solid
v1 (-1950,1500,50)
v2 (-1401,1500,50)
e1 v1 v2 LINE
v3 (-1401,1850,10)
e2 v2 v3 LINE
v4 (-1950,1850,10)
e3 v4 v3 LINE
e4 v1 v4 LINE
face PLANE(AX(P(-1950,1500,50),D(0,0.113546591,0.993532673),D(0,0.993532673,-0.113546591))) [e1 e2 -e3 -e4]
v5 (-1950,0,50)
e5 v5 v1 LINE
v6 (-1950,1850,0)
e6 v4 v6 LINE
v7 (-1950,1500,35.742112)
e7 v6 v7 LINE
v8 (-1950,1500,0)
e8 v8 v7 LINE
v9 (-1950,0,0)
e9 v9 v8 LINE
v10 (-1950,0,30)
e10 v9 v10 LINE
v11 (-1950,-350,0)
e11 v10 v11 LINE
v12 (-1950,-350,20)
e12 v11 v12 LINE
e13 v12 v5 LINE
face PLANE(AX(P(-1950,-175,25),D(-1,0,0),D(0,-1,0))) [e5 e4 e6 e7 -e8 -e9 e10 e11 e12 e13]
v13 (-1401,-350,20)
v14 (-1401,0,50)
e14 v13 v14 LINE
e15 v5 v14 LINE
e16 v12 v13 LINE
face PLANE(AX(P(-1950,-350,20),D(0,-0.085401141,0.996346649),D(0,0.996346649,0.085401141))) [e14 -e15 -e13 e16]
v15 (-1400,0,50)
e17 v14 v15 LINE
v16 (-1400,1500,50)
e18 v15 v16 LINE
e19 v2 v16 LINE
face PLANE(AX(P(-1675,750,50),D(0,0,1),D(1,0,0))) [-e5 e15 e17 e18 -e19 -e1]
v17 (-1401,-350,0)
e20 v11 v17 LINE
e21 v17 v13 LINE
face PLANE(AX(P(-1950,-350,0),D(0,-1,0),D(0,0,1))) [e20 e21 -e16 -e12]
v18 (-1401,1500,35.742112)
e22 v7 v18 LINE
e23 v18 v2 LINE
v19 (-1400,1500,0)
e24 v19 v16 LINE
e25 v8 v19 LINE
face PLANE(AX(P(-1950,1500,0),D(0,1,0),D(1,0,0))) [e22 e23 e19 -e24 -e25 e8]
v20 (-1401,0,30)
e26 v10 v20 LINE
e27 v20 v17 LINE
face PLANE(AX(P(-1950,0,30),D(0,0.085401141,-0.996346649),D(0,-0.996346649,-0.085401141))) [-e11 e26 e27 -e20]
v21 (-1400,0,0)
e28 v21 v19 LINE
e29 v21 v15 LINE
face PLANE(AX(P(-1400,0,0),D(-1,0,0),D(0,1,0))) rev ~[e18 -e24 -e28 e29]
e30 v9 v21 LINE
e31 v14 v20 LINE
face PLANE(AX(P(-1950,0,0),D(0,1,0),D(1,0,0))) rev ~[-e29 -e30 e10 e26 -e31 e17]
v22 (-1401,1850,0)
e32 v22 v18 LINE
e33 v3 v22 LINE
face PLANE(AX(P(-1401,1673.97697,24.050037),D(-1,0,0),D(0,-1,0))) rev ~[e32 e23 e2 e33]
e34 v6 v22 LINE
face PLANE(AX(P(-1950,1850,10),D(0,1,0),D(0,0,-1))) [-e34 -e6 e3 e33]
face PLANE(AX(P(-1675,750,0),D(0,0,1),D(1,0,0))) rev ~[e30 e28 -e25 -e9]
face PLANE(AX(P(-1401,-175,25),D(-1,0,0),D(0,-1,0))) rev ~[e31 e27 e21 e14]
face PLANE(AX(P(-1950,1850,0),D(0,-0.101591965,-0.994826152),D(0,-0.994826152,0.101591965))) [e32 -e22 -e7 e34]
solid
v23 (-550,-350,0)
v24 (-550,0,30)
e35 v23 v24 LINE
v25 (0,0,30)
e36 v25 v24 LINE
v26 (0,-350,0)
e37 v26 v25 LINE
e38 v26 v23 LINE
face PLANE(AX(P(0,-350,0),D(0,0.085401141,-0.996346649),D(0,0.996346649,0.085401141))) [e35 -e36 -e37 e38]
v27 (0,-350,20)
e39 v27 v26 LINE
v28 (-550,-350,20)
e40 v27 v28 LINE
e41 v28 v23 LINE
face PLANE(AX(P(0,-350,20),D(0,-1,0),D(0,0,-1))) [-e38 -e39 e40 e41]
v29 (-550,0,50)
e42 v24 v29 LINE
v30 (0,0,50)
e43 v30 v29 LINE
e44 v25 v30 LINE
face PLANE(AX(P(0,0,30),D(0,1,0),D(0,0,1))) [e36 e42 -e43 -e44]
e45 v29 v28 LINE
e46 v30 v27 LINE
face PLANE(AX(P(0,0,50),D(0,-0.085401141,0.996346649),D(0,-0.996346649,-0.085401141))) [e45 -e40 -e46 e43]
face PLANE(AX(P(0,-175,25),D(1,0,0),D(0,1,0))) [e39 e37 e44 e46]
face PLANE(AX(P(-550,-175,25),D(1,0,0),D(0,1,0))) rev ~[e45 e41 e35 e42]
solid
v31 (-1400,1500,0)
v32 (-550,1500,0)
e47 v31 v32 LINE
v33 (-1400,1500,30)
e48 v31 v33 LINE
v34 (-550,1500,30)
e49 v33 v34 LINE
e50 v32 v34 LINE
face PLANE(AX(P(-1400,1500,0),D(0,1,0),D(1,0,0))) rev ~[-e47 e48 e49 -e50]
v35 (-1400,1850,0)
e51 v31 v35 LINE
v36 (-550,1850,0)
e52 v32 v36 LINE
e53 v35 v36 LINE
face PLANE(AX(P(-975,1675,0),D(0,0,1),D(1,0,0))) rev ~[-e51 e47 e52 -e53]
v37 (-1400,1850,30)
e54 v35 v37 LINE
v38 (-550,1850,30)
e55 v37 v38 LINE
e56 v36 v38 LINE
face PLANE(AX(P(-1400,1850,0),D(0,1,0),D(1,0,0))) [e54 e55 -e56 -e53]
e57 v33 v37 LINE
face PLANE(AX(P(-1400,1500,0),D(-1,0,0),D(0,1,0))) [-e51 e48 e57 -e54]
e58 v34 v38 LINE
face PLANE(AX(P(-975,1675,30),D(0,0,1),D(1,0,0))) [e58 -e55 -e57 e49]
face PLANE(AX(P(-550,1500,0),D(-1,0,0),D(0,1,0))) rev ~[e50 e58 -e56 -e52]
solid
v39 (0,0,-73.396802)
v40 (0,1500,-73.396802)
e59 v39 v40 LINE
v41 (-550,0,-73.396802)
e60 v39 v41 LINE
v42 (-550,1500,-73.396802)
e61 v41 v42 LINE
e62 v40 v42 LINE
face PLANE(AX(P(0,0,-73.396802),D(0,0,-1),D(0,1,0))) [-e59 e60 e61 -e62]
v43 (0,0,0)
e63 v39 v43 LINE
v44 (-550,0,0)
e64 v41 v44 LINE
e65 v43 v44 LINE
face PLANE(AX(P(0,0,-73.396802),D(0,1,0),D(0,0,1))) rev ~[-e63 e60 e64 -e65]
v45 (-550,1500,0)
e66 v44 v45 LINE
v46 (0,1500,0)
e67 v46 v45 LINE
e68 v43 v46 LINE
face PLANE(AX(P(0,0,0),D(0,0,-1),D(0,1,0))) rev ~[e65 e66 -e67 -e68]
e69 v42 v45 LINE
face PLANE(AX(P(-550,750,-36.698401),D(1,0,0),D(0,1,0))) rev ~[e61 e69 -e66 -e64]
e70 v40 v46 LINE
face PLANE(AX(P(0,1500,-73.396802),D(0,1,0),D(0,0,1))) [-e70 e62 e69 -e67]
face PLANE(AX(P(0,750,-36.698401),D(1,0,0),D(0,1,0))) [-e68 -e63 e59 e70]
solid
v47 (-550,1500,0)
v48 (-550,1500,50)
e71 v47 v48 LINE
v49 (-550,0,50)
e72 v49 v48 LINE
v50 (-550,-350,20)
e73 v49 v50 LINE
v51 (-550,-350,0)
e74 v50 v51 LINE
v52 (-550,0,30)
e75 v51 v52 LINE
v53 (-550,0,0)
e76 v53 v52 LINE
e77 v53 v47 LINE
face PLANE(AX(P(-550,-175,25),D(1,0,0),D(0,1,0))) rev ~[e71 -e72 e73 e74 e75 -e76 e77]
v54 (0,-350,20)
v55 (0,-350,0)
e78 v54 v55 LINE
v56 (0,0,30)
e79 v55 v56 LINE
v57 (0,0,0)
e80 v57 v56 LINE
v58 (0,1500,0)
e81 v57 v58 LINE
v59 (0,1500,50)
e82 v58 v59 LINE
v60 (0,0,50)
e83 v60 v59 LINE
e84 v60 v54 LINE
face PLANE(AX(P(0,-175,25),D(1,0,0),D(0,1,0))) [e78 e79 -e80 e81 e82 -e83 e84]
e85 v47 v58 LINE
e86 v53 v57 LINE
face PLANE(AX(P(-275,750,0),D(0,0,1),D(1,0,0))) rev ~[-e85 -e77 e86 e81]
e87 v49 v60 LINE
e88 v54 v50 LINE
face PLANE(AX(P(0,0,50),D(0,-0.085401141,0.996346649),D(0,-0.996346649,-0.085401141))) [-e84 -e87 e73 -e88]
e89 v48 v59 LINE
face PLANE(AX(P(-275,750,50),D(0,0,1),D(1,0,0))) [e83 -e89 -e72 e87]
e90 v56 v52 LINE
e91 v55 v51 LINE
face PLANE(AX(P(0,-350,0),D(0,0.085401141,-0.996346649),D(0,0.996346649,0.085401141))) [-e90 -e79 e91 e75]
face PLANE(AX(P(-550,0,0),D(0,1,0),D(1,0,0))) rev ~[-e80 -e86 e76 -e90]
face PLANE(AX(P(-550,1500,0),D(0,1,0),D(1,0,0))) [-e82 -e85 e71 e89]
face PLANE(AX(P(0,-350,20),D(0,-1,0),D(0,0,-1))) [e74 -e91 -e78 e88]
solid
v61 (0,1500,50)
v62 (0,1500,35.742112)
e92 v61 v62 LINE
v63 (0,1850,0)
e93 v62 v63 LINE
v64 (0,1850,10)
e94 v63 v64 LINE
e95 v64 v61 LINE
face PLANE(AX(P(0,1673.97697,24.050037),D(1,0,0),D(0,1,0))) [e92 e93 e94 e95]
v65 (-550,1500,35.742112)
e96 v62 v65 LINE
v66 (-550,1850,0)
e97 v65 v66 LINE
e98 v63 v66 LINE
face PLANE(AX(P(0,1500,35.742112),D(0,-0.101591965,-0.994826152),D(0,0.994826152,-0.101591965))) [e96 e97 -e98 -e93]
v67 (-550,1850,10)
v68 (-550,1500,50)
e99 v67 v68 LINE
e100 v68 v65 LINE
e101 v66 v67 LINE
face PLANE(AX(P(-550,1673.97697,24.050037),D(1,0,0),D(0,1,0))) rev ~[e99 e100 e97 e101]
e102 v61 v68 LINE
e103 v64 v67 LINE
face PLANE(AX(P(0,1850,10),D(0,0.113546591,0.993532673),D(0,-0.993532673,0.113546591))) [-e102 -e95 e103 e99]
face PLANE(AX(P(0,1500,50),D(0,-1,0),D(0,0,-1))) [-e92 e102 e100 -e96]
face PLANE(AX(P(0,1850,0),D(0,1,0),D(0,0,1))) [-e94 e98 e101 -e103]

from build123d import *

# Parameters (mm, degrees)
F0_W     = 550
F0_H     = 1500
F1_DEPTH = 50
F0_W_2   = 850
F0_H_2   = 350
F2_DEPTH = 30
F4_DEPTH = 550
F3_W     = 1500
F3_H     = 73.396802
F5_DEPTH = 550
F6_DEPTH = 550
F8_DEPTH = 549


with BuildPart() as f1:
    # F0 (on Top) → F1 (new body)
    with BuildSketch(Plane.XY):
        with Locations((-1675, 750)):
            Rectangle(F0_W, F0_H)
        with Locations((-275, 750)):
            Rectangle(F0_W, F0_H)
    extrude(amount=F1_DEPTH)

    # F3 (on face) → F4 (join)
    with BuildSketch(Plane.YZ):
        Polygon((-350, 20), (-350, 0), (0, 30), (0, 50), align=None)
    extrude(amount=-F4_DEPTH)

    # F7 (on face) → F8 (join)
    with BuildSketch(Plane(origin=(-1950, 0, 0), x_dir=(0, -1, 0), z_dir=(-1, 0, 0))):
        Polygon((0, 50), (0, 30), (350, 0), (350, 20), align=None)
        Polygon((-1850, 0), (-1500, 35.742112), (-1500, 50), (-1850, 10), align=None)
    extrude(amount=-F8_DEPTH)


with BuildPart() as f2:
    # F0 (on Top) → F2 (new body)
    with BuildSketch(Plane.XY):
        with Locations((-975, 1675)):
            Rectangle(F0_W_2, F0_H_2)
    extrude(amount=F2_DEPTH)


with BuildPart() as f5:
    # F3 (on face) → F5 (new body)
    with BuildSketch(Plane.YZ):
        Polygon((-350, 20), (-350, 0), (0, 30), (0, 50), align=None)
        with Locations((750, -36.698401)):
            Rectangle(F3_W, F3_H)
    extrude(amount=-F5_DEPTH)


with BuildPart() as f6:
    # F3 (on face) → F6 (new body)
    with BuildSketch(Plane.YZ):
        Polygon((1500, 50), (1500, 35.742112), (1850, 0), (1850, 10), align=None)
    extrude(amount=-F6_DEPTH)


solid = Compound([f1.part, f2.part, f5.part, f6.part])
